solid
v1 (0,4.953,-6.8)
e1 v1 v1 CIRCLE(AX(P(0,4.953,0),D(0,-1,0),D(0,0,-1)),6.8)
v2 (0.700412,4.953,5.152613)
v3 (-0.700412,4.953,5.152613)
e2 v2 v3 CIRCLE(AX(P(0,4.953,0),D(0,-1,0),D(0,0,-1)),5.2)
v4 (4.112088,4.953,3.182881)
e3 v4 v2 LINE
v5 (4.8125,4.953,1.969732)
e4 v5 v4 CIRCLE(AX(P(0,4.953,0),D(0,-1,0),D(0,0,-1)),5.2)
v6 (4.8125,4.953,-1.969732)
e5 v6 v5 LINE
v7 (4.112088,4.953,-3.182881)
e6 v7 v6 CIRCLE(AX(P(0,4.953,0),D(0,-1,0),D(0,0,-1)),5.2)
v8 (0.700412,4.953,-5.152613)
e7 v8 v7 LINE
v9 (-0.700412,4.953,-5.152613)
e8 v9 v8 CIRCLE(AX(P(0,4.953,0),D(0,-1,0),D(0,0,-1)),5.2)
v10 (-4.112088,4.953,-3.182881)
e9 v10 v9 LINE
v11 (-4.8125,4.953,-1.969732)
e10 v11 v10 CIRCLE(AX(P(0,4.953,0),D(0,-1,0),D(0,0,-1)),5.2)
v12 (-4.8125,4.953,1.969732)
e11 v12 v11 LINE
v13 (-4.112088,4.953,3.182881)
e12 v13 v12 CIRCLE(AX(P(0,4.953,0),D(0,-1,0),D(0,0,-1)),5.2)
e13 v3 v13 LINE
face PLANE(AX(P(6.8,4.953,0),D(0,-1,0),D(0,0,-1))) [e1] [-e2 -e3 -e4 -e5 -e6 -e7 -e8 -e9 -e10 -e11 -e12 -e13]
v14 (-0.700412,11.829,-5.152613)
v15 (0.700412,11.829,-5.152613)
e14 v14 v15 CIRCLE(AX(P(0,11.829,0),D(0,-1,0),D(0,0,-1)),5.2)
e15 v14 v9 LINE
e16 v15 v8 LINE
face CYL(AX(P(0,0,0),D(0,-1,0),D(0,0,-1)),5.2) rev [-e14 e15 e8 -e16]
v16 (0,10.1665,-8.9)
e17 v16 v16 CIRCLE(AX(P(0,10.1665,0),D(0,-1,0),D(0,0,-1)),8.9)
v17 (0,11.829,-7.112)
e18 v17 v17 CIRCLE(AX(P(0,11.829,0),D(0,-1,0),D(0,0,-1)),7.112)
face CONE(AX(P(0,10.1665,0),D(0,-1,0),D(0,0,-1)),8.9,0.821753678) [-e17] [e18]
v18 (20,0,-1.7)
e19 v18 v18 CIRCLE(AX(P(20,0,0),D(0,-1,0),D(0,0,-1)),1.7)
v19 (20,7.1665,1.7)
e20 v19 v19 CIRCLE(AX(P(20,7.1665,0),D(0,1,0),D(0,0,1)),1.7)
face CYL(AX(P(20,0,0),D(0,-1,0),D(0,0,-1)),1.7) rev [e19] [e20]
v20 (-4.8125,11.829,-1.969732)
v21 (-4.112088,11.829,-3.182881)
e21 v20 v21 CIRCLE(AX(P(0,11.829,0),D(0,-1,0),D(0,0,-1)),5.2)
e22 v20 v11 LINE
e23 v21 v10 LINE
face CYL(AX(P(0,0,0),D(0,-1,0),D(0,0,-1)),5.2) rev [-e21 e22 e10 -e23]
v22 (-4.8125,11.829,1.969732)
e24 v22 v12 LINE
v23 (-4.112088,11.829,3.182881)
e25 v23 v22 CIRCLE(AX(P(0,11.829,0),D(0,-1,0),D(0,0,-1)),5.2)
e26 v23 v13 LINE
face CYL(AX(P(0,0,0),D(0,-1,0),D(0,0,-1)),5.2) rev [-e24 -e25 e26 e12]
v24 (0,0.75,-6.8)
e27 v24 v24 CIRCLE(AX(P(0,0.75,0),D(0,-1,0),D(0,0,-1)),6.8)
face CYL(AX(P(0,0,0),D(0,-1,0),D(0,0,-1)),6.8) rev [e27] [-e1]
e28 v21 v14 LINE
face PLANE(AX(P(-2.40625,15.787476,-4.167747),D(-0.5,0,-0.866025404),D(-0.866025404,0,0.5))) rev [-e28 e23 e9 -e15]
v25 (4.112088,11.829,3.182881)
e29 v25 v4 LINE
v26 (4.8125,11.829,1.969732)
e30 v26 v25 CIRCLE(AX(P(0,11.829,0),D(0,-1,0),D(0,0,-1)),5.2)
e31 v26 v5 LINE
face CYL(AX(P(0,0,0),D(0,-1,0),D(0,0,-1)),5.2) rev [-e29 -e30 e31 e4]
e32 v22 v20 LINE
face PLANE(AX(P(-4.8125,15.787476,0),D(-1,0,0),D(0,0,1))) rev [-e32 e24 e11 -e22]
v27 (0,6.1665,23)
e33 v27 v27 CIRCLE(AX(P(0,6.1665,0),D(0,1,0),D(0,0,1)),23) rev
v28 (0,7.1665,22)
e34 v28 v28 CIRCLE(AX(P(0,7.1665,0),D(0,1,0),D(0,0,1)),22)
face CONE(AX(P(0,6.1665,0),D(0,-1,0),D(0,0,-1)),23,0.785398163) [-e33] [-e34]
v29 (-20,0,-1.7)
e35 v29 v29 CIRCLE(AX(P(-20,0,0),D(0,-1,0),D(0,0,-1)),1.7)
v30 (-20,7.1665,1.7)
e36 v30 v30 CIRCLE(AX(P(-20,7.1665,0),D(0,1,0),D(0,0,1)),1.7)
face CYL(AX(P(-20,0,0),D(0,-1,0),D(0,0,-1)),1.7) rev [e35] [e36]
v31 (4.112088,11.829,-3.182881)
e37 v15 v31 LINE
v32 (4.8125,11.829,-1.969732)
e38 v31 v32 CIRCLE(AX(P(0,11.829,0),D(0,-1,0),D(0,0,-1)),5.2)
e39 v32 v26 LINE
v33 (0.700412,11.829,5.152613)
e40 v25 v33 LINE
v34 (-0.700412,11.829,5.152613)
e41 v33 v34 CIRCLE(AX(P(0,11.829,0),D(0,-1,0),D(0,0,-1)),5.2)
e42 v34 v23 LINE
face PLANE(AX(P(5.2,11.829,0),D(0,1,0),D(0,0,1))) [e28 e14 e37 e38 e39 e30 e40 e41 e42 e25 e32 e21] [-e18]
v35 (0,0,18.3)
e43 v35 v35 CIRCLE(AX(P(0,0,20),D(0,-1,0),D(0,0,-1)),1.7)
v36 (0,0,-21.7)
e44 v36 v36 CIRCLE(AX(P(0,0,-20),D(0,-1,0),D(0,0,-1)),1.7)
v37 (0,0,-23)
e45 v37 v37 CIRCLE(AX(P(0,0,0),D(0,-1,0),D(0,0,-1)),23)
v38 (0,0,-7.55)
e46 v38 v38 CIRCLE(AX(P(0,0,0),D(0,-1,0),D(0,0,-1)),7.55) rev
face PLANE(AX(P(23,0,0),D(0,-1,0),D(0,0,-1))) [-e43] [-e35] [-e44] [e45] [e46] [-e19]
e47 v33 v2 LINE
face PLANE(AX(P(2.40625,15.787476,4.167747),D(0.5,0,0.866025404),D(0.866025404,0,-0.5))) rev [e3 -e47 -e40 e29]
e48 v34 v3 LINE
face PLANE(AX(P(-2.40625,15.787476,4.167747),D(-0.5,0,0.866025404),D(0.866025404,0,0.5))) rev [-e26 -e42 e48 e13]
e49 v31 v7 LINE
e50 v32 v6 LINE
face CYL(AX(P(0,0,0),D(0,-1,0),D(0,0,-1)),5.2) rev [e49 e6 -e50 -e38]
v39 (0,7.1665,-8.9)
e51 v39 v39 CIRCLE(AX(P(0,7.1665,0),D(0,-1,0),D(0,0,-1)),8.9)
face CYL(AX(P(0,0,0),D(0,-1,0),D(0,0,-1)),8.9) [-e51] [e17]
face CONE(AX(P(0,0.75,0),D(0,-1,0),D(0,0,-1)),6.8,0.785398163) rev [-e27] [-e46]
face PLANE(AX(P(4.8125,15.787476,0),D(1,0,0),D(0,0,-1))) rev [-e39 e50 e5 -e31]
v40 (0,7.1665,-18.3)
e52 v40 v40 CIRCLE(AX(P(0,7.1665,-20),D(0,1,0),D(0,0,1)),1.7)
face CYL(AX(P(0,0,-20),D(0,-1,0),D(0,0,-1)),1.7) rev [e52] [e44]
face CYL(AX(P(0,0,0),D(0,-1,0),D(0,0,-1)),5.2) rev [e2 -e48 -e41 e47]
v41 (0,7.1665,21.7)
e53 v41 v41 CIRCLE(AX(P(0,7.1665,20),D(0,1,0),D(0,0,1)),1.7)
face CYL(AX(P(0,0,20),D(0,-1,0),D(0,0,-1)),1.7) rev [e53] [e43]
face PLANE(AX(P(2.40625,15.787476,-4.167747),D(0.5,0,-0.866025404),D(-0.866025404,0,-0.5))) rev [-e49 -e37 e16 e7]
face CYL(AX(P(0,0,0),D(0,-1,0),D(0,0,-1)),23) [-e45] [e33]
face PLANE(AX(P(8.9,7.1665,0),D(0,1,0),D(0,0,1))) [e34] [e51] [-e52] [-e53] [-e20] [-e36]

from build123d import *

# Parameters (mm, degrees)
M3_CLEARANCE_HOLE1_D = 3.4
CIRPATTERN1_COUNT    = 4
BOSS_EXTRUDE1_START  = -6.876
BOSS_EXTRUDE1_DEPTH  = 6.876
CHAMFER1_SIZE        = 0.75
CHAMFER2_SIZE        = 1


with BuildPart() as part:
    # Sketch1 → Revolve1 (revolve)
    with BuildSketch(Plane.XY, mode=Mode.PRIVATE) as revolve1_sk:
        Polygon((6.8, 0), (6.8, 4.953), (5.2, 4.953), (5.2, 11.829), (7.112, 11.829), (8.9, 10.1665), (8.9, 7.1665), (23, 7.1665), (23, 0), align=None)
    revolve(revolve1_sk.sketch.rotate(Axis((0, 0, 0), (0, 1, 0)), 90), axis=Axis((0, 0, 0), (0, 1, 0)))

    # M3 Clearance Hole1 (through all)
    with Locations(Plane.XZ):
        with Locations((-20, 0)):
            m3_clearance_hole1 = Hole(M3_CLEARANCE_HOLE1_D / 2)

    # CirPattern1: M3 Clearance Hole1 ×4 about axis
    cirpattern1_axis = Axis((0, 0, 0), (0, 1, 0))
    for i in range(1, CIRPATTERN1_COUNT):
        add(m3_clearance_hole1.rotate(cirpattern1_axis, i * 360 / CIRPATTERN1_COUNT), mode=Mode.SUBTRACT)

    # Sketch4 → Boss-Extrude1 (add)
    with BuildSketch(Plane.XZ.offset(-4.953).offset(BOSS_EXTRUDE1_START)):
        with BuildLine():
            Line((0.700412138, 5.152613205), (4.112087862, 3.182881307))
            ThreePointArc((4.112087862, 3.182881307), (2.6, 4.5033321), (0.700412138, 5.152613205))
        make_face()
        with BuildLine():
            ThreePointArc((4.8125, -1.969731898), (5.2, 0), (4.8125, 1.969731898))
            Line((4.8125, 1.969731898), (4.8125, -1.969731898))
        make_face()
        with BuildLine():
            Line((-4.112087862, 3.182881307), (-0.700412138, 5.152613205))
            ThreePointArc((-0.700412138, 5.152613205), (-2.6, 4.5033321), (-4.112087862, 3.182881307))
        make_face()
        with BuildLine():
            ThreePointArc((0.700412138, -5.152613205), (2.6, -4.5033321), (4.112087862, -3.182881307))
            Line((4.112087862, -3.182881307), (0.700412138, -5.152613205))
        make_face()
        with BuildLine():
            Line((-4.8125, -1.969731898), (-4.8125, 1.969731898))
            ThreePointArc((-4.8125, 1.969731898), (-5.2, 0), (-4.8125, -1.969731898))
        make_face()
        with BuildLine():
            ThreePointArc((-4.112087862, -3.182881307), (-2.6, -4.5033321), (-0.700412138, -5.152613205))
            Line((-0.700412138, -5.152613205), (-4.112087862, -3.182881307))
        make_face()
    extrude(amount=BOSS_EXTRUDE1_DEPTH)

    # Chamfer1
    chamfer1_edges = [part.edges().sort_by_distance(p)[0] for p in [
        (0, 0, 6.8),
    ]]
    chamfer(chamfer1_edges, length=CHAMFER1_SIZE)

    # Chamfer2
    chamfer2_edges = [part.edges().sort_by_distance(p)[0] for p in [
        (0, 7.1665, 23),
    ]]
    chamfer(chamfer2_edges, length=CHAMFER2_SIZE)


solid = part.part
